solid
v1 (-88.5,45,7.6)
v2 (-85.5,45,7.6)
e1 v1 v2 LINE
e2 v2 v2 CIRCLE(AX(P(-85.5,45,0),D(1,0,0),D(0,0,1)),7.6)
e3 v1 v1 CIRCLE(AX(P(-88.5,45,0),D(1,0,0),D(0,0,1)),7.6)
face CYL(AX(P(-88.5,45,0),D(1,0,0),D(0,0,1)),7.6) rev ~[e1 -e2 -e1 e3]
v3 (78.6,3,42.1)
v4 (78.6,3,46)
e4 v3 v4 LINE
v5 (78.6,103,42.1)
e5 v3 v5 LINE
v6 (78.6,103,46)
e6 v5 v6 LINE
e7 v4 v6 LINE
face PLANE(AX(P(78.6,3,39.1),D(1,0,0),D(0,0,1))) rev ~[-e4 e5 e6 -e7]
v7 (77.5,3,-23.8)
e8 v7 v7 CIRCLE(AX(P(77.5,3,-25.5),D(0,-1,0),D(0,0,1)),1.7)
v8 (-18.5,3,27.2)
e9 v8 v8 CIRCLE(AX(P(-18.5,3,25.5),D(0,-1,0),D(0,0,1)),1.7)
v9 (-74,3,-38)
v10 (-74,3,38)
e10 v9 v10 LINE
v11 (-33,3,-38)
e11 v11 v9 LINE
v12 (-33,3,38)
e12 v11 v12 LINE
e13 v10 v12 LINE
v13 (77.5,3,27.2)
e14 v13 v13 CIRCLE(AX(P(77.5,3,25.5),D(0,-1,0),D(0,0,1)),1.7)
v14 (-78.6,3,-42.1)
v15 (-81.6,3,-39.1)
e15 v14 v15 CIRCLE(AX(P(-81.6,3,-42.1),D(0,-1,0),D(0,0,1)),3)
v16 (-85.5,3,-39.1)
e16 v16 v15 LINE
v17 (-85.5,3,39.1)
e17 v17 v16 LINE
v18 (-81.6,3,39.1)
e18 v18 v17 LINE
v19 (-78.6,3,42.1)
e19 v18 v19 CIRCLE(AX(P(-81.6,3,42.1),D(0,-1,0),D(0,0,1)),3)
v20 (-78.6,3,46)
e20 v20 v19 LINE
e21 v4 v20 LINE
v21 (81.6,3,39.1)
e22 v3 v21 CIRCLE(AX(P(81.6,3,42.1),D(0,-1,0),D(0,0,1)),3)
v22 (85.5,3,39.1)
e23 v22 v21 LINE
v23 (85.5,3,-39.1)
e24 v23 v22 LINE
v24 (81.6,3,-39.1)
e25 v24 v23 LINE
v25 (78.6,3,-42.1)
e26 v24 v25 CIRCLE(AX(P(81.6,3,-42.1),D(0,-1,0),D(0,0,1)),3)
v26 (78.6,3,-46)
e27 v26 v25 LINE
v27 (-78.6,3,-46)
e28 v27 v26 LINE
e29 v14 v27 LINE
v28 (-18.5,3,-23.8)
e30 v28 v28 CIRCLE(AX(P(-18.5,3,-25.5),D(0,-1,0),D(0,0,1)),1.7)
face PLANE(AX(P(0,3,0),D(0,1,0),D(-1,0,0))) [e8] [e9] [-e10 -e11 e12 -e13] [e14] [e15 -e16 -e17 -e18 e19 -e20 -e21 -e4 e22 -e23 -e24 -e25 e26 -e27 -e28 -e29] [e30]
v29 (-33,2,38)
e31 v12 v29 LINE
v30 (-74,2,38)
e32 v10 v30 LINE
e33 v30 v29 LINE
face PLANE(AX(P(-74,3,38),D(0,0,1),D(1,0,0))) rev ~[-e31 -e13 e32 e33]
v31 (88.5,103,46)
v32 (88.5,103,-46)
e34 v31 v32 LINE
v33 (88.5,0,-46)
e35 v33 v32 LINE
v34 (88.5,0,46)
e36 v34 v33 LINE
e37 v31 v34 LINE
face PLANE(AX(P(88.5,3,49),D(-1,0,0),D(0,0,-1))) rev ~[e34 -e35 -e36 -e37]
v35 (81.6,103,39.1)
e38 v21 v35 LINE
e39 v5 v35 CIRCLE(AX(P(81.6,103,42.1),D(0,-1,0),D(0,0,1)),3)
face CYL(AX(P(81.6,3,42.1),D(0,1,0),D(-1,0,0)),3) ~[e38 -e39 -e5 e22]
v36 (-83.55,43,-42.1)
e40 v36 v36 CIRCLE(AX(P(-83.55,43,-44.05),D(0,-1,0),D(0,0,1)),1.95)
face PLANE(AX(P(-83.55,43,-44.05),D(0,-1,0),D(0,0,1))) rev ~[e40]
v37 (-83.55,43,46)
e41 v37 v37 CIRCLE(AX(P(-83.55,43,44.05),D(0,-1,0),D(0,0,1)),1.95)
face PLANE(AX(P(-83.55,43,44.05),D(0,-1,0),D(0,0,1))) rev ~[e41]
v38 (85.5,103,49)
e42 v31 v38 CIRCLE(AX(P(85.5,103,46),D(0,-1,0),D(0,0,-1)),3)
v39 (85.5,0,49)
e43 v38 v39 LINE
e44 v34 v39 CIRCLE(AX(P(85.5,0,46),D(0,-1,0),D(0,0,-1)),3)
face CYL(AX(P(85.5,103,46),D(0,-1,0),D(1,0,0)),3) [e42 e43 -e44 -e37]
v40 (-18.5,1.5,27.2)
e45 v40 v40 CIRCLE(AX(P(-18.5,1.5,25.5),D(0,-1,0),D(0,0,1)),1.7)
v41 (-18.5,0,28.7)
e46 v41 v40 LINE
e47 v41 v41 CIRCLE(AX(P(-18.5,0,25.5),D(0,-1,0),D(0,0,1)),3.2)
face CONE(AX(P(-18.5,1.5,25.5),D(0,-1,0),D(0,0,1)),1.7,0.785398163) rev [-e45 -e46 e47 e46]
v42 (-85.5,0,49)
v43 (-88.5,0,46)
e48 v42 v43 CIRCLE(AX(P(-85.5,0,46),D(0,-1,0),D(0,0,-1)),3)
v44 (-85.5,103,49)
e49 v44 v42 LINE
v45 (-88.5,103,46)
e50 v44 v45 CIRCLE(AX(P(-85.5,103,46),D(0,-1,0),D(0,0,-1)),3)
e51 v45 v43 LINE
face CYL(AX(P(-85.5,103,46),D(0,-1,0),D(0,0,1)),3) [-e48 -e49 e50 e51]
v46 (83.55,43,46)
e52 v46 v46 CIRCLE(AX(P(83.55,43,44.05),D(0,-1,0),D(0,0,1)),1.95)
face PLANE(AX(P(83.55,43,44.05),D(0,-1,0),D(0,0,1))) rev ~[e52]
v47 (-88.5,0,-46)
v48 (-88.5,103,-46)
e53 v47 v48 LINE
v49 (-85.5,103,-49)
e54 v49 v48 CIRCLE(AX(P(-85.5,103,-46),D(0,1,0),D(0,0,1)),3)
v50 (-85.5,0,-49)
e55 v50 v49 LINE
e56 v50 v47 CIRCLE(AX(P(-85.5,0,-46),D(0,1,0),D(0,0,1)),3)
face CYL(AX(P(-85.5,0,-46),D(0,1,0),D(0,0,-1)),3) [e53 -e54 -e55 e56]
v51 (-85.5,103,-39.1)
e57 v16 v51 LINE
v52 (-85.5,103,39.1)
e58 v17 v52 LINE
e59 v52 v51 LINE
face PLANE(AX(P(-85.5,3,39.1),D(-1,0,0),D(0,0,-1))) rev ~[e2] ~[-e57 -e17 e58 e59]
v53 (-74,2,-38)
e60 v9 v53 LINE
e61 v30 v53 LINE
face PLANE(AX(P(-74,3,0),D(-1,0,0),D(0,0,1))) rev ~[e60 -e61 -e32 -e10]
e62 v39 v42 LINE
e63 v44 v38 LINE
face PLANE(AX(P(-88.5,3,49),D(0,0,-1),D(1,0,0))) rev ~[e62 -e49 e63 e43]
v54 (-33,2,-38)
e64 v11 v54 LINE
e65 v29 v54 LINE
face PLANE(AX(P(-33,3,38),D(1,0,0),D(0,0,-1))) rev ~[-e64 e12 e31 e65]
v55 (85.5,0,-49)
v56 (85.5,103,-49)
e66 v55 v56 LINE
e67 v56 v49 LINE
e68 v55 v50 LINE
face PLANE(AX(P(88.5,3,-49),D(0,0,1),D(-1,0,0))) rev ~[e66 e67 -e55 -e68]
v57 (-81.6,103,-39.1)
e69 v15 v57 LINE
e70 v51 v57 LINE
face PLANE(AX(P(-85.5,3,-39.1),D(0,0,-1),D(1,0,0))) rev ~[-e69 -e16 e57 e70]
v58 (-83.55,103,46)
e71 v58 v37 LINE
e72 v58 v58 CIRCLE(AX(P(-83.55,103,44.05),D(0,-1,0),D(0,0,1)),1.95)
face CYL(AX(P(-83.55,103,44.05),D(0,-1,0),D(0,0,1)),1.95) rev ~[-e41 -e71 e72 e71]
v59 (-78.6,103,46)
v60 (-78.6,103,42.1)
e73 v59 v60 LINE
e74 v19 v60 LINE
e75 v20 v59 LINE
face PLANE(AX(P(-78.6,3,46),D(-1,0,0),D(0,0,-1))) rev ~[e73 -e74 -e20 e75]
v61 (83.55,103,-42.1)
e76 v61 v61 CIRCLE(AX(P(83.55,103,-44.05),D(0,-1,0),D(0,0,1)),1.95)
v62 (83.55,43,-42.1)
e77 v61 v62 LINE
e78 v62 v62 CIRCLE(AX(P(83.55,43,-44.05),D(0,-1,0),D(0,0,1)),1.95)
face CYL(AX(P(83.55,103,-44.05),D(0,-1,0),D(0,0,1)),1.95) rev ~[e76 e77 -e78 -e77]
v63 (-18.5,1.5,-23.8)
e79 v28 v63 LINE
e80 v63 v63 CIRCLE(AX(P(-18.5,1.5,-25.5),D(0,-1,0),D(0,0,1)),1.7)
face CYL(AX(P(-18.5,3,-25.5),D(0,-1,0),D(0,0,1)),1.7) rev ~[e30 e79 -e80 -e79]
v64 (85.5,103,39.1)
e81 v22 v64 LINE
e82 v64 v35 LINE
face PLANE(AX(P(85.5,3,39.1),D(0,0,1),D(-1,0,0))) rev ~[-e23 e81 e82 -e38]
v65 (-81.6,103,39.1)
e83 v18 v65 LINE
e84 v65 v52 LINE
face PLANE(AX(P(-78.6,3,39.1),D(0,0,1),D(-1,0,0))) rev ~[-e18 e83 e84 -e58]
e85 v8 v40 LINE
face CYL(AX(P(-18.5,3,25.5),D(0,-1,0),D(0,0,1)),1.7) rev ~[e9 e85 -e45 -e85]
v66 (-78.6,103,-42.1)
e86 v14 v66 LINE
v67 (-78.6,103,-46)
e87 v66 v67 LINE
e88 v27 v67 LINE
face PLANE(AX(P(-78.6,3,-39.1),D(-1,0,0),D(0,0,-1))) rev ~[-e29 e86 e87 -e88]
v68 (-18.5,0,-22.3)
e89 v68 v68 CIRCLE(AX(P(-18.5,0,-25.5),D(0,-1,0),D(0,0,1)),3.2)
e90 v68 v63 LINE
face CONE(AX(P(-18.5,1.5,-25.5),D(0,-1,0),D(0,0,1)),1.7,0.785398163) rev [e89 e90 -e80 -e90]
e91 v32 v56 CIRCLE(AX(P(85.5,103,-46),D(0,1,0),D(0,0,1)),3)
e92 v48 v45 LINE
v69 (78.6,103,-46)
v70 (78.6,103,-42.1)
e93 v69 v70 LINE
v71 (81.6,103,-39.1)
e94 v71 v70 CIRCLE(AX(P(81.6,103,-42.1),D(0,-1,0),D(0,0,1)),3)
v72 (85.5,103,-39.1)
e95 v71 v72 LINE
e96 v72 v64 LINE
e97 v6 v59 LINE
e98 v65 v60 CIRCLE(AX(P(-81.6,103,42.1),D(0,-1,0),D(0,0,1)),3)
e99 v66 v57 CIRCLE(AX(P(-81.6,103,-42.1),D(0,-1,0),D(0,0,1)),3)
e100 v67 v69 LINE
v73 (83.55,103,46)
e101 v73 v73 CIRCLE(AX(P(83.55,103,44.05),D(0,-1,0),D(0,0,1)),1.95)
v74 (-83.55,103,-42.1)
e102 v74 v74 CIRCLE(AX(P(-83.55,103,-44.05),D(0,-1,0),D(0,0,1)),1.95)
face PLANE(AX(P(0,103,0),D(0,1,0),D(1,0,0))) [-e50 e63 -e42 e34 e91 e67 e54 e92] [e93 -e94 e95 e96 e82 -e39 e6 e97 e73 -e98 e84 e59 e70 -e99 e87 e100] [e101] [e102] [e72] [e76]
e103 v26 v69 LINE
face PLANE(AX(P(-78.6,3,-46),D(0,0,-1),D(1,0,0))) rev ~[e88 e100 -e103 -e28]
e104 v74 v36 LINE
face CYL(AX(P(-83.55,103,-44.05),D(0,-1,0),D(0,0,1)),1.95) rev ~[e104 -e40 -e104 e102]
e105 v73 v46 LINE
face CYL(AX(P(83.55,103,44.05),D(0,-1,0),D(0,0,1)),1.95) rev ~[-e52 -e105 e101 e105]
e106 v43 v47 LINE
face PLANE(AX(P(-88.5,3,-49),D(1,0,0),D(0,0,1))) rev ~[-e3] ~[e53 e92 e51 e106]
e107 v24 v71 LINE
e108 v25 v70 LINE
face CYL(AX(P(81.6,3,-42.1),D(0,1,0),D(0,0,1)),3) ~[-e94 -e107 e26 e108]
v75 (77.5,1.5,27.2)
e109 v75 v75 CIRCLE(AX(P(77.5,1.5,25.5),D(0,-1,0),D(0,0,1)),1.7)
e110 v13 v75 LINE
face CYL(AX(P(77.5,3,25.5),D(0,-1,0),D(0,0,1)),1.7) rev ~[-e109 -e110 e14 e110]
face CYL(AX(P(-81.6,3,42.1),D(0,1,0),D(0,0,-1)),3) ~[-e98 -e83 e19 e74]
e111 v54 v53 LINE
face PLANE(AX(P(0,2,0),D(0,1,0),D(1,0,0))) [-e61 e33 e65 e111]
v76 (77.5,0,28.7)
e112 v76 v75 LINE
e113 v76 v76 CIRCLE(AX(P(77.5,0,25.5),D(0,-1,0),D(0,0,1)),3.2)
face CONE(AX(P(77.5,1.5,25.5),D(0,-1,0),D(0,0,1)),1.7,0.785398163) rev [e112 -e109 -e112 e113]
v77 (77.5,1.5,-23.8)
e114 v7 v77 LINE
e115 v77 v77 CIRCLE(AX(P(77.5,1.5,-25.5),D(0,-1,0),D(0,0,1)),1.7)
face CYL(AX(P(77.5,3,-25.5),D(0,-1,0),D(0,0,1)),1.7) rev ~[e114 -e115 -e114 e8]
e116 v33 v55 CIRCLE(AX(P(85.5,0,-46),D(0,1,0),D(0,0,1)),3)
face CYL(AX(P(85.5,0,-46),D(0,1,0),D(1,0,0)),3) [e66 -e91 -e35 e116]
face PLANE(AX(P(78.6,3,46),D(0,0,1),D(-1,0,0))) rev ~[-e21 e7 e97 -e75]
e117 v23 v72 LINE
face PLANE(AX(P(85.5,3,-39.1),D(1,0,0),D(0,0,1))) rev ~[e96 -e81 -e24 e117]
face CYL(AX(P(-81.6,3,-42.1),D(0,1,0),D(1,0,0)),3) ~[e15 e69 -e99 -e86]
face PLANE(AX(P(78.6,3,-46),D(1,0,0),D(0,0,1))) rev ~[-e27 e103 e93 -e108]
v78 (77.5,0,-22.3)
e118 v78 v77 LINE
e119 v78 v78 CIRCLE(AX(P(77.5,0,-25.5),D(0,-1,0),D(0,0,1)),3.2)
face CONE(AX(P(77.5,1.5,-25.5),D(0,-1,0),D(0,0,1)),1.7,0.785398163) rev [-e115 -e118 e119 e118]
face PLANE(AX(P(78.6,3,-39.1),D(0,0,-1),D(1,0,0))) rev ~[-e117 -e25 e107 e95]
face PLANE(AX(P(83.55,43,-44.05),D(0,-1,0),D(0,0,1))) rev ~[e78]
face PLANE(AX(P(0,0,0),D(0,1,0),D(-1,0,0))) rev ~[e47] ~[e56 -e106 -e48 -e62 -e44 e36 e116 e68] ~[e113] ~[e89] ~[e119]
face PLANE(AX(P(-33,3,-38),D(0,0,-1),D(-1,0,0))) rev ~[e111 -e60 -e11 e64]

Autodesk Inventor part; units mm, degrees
ref_plane "YZ Plane" through (0, 0, 0) normal (1, 0, 0) x (0, 1, 0)
ref_plane "XZ Plane" through (0, 0, 0) normal (0, 1, 0) x (-1, 0, 0)
ref_plane "XY Plane" through (0, 0, 0) normal (0, 0, 1) x (1, 0, 0)
sketch "Náčrt1" plane through (0, 0, 0) normal (0, 1, 0) x (-1, 0, 0)
  line L0 (0, -68.6) -> (0, 68.6) projected
  line L1 (-123.9, 0) -> (123.9, 0) projected
  line L2 (88.5, -49) -> (-88.5, -49)
  line L3 (-88.5, -49) -> (-88.5, 49)
  line L4 (-88.5, 49) -> (88.5, 49)
  line L5 (88.5, 49) -> (88.5, -49)
  point P0 (0, 0)
  dimension "d0" = 98
  dimension "d1" = 177
extrude "Vysunutí1" add sketch "Náčrt1" along normal blind 3
sketch "Náčrt2" plane through (0, 3, 0) normal (0, 1, 0) x (1, 0, 0)
  line L0 (88.5, 49) -> (-88.5, 49) projected
  line L1 (-88.5, 49) -> (-88.5, -49) projected
  line L2 (-88.5, -49) -> (88.5, -49) projected
  line L3 (88.5, -49) -> (88.5, 49) projected
  line L4 (88.5, 49) -> (-88.5, 49) projected
  line L5 (-88.5, 49) -> (-88.5, -49) projected
  line L6 (-88.5, 49) -> (88.5, 49)
  line L7 (88.5, 49) -> (88.5, -49)
  line L8 (88.5, -49) -> (-88.5, -49)
  line L9 (-88.5, -49) -> (-88.5, 49)
  line L10 (-85.5, -39.1) -> (-85.5, 39.1)
  line L11 (-85.5, 39.1) -> (-78.6, 39.1)
  line L12 (-78.6, 39.1) -> (-78.6, 46)
  line L13 (-78.6, 46) -> (78.6, 46)
  line L14 (78.6, 46) -> (78.6, 39.1)
  line L15 (78.6, 39.1) -> (85.5, 39.1)
  line L16 (85.5, 39.1) -> (85.5, -39.1)
  line L17 (85.5, -39.1) -> (78.6, -39.1)
  line L18 (78.6, -39.1) -> (78.6, -46)
  line L19 (78.6, -46) -> (-78.6, -46)
  line L20 (-78.6, -46) -> (-78.6, -39.1)
  line L21 (-78.6, -39.1) -> (-85.5, -39.1)
  point P0 (0, 0)
  dimension "d4" = 3
  dimension "d5" = 3
  dimension "d6" = 3
  dimension "d7" = 3
  dimension "d8" = 9.9
  dimension "d9" = 9.9
  dimension "d10" = 9.9
  dimension "d11" = 9.9
  dimension "d12" = 9.9
  dimension "d13" = 9.9
  dimension "d14" = 9.9
  dimension "d15" = 9.9
extrude "Vysunutí2" add sketch "Náčrt2" along normal blind 100
fillet "Zaoblení1" radius 3 8 edges at (-78.6, 53, -39.1) (78.6, 53, -39.1) (-78.6, 53, 39.1) (78.6, 53, 39.1) (88.5, 51.5, -49) (-88.5, 51.5, -49) (-88.5, 51.5, 49) (88.5, 51.5, 49)
sketch "Náčrt3" plane through (0, 103, 0) normal (0, 1, 0) x (1, 0, 0)
  line L0 (-88.5, 49) -> (-88.5, -49) projected
  line L1 (85.5, 49) -> (-85.5, 49) projected
  line L2 (-88.5, 46) -> (-88.5, -46) projected
  line L3 (-85.5, -49) -> (85.5, -49) projected
  line L4 (88.5, -46) -> (88.5, 46) projected
  arc A0 (81.6, -39.1) -> (78.6, -42.1) centre (81.6, -42.1) ccw projected
  line L5 (78.6, -42.1) -> (78.6, -46) projected
  line L6 (78.6, -46) -> (-78.6, -46) projected
  line L7 (-78.6, -46) -> (-78.6, -42.1) projected
  arc A1 (-78.6, -42.1) -> (-81.6, -39.1) centre (-81.6, -42.1) ccw projected
  line L8 (-81.6, -39.1) -> (-85.5, -39.1) projected
  line L9 (-85.5, -39.1) -> (-85.5, 39.1) projected
  line L10 (-85.5, 39.1) -> (-81.6, 39.1) projected
  arc A2 (-81.6, 39.1) -> (-78.6, 42.1) centre (-81.6, 42.1) ccw projected
  line L11 (-78.6, 42.1) -> (-78.6, 46) projected
  line L12 (-78.6, 46) -> (78.6, 46) projected
  line L13 (78.6, 46) -> (78.6, 42.1) projected
  arc A3 (78.6, 42.1) -> (81.6, 39.1) centre (81.6, 42.1) ccw projected
  line L14 (81.6, 39.1) -> (85.5, 39.1) projected
  line L15 (85.5, 39.1) -> (85.5, -39.1) projected
  line L16 (85.5, -39.1) -> (81.6, -39.1) projected
  arc A4 (85.5, -49) -> (88.5, -46) centre (85.5, -46) ccw projected
  arc A5 (88.5, 46) -> (85.5, 49) centre (85.5, 46) ccw projected
  arc A6 (-85.5, 49) -> (-88.5, 46) centre (-85.5, 46) ccw projected
  arc A7 (-88.5, -46) -> (-85.5, -49) centre (-85.5, -46) ccw projected
  point P0 (0, 0)
  point P1 (-83.55, 44.05)
  point P2 (-83.55, -44.05)
  point P3 (83.55, -44.05)
  point P4 (83.55, 44.05)
  dimension "d19" = 4.95
  dimension "d20" = 4.95
  dimension "d21" = 4.95
  dimension "d22" = 4.95
  dimension "d23" = 4.95
  dimension "d24" = 4.95
  dimension "d25" = 4.95
  dimension "d26" = 4.95
hole "Díra1" at (-83.55, 103, -44.05) at (-83.55, 103, 44.05) at (83.55, 103, 44.05) at (83.55, 103, -44.05) direction (0, -1, 0) diameter 3.9 depth 60
sketch "Náčrt4" plane through (0, 3, 0) normal (0, 1, 0) x (1, 0, 0)
  line L0 (0, 68.6) -> (0, -68.6) projected
  line L1 (123.9, 0) -> (-123.9, 0) projected
  line L2 (85.5, 39.1) -> (85.5, -39.1) projected
  point P0 (0, 0)
  point P1 (-18.5, 25.5)
  point P2 (77.5, 25.5)
  point P3 (-18.5, -25.5)
  point P4 (77.5, -25.5)
  dimension "d34" = 51
  dimension "d35" = 96
  dimension "d36" = 96
  dimension "d37" = 51
  dimension "d38" = 8
  dimension "d39" = 25.5
hole "Díra2" at (-18.5, 3, -25.5) at (77.5, 3, -25.5) at (-18.5, 3, 25.5) at (77.5, 3, 25.5) direction (0, -1, 0) diameter 3.4 end through all clearance for "Šroub se zápustnou hlavou ISO 2009/7046" size "M3" standard "ISO"
sketch "Náčrt5" plane through (0, 3, 0) normal (0, 1, 0) x (1, 0, 0)
  line L0 (-85.5, -39.1) -> (-85.5, 39.1) projected
  line L1 (123.9, 0) -> (-123.9, 0) projected
  line L2 (-74, -38) -> (-33, -38)
  line L3 (-33, -38) -> (-33, 38)
  line L4 (-33, 38) -> (-74, 38)
  line L5 (-74, 38) -> (-74, -38)
  circle A0 centre (-18.5, 25.5) radius 1.7 projected
  point P0 (0, 0)
  dimension "d47" = 41
  dimension "d48" = 76
  dimension "d49" = 14.5
extrude "Vysunutí3" cut sketch "Náčrt5" against normal blind 1 contours L3 L2 L5 L1 | L1 L5 L4 L3
chamfer "Zkosení1" distance 1.5 angle 45 4 edges at (77.5, 0, -27.2) (-18.5, 0, -27.2) (77.5, 0, 23.8) (-18.5, 0, 23.8)
sketch "Náčrt6" plane through (-88.5, 0, -46) normal (-1, 0, 0) x (0, 0, 1)
  line L0 (-22.6, 0) -> (114.6, 0) projected
  line L1 (46, 123.6) -> (46, -20.6) projected
  point P0 (46, 0)
  point P1 (46, 45)
  dimension "d55" = 45
hole "Díra3" at (-88.5, 45, 0) direction (1, 0, 0) diameter 15.2 depth 3
equation "\"d9\" = d8"
equation "\"d10\" = d8"
equation "\"d11\" = d8"
equation "\"d12\" = d8"
equation "\"d13\" = d8"
equation "\"d14\" = d8"
equation "\"d15\" = d8"
equation "\"d19\" = 0.5 * d8"
equation "\"d20\" = d19"
equation "\"d21\" = d20"
equation "\"d22\" = d19"
equation "\"d23\" = d22"
equation "\"d24\" = d21"
equation "\"d25\" = d19"
equation "\"d26\" = d19"
properties part number "box_bottom"
